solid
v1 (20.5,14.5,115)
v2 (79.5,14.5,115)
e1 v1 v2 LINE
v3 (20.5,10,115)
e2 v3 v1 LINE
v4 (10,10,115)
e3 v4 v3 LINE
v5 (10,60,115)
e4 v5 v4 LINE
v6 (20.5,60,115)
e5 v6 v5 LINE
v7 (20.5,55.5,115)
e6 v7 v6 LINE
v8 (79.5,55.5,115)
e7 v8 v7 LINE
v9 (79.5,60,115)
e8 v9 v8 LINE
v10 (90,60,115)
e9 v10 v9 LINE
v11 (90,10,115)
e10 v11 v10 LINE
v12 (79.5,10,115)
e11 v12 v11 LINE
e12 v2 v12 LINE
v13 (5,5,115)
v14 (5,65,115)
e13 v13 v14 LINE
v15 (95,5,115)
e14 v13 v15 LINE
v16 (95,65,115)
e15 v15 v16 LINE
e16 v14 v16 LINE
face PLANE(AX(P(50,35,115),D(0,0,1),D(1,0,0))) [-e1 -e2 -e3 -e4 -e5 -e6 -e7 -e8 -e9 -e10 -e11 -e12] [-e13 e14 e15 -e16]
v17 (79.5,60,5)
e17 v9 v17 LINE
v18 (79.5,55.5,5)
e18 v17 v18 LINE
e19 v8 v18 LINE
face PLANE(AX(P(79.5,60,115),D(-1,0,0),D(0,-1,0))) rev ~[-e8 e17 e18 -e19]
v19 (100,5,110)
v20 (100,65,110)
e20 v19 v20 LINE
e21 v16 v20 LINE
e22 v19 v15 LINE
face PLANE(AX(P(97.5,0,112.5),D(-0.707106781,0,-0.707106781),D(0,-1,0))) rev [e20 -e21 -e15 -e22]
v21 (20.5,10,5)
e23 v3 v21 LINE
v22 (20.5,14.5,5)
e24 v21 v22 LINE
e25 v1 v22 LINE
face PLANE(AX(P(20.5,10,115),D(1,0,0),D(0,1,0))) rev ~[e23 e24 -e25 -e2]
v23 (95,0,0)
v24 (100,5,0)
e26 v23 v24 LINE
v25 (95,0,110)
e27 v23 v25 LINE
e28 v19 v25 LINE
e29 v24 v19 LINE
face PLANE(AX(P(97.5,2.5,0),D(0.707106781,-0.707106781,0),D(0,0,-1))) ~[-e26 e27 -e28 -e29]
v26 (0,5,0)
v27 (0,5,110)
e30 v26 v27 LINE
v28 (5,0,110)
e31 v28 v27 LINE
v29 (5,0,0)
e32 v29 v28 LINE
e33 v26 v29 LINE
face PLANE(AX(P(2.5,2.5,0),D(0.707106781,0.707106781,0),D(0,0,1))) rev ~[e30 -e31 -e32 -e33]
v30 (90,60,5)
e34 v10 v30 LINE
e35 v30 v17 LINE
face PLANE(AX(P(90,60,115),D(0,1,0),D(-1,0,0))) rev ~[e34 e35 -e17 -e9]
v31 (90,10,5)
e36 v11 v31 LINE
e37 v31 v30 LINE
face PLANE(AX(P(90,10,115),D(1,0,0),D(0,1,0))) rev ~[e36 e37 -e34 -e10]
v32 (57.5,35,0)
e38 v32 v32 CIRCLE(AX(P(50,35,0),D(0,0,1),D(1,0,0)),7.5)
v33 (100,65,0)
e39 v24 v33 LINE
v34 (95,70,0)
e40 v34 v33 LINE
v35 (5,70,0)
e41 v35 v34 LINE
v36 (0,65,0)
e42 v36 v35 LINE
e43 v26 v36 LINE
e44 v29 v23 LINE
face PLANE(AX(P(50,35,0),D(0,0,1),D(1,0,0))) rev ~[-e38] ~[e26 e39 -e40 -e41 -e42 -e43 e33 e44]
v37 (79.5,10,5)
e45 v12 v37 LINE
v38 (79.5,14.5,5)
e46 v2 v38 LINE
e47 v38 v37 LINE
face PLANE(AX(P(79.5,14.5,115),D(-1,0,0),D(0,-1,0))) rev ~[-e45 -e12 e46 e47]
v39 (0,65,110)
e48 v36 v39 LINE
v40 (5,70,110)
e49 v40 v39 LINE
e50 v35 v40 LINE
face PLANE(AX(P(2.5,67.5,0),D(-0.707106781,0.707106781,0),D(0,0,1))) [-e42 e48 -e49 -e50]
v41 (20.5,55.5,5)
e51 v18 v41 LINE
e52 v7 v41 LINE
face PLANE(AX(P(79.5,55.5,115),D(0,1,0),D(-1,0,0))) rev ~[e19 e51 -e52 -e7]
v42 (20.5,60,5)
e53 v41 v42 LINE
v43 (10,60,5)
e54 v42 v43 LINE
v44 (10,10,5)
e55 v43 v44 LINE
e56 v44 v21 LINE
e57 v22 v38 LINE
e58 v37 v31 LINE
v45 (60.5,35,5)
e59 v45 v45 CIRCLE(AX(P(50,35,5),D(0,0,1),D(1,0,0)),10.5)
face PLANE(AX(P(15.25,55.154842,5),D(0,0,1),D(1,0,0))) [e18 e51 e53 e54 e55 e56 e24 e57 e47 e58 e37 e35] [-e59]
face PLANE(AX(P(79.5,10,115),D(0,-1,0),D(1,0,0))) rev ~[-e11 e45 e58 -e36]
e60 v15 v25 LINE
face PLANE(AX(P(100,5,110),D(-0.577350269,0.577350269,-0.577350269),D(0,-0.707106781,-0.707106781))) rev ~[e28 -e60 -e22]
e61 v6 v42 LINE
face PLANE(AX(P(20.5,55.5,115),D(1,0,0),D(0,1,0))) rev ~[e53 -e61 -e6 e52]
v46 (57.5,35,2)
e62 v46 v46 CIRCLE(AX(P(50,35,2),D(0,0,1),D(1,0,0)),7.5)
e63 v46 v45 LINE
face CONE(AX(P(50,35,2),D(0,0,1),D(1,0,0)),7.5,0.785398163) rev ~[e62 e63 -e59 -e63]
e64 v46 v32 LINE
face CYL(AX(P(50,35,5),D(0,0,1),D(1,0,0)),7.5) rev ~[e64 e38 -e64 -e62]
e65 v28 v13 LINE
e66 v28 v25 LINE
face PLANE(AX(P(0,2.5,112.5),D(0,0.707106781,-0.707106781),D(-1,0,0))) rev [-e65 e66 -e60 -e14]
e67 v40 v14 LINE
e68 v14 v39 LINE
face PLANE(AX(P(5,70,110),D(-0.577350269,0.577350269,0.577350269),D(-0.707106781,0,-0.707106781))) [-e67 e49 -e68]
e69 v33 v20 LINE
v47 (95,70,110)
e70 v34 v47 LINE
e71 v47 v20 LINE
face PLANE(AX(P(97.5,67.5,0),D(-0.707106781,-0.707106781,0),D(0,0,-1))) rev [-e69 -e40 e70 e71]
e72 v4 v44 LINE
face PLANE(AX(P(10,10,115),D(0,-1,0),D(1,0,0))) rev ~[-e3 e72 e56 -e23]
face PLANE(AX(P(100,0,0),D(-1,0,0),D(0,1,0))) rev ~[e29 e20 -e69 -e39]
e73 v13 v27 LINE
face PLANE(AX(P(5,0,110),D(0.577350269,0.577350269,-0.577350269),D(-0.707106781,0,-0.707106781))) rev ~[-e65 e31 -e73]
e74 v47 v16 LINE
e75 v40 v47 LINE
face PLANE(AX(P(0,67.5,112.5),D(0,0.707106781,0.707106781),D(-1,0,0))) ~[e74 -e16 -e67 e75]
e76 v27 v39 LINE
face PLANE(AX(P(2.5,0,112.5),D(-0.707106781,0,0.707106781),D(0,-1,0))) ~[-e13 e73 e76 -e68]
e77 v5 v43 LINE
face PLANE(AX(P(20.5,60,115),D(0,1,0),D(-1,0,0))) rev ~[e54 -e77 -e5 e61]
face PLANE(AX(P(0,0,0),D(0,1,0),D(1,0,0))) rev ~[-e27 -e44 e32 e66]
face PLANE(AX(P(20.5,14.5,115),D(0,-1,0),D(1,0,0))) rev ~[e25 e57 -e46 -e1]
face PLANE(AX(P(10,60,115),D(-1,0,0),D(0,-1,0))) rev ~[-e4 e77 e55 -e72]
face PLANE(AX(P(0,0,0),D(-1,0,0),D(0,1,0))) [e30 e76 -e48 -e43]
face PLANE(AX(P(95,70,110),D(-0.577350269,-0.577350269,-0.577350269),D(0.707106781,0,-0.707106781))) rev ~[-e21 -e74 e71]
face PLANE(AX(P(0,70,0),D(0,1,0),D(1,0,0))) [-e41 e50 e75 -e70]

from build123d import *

# Parameters (mm, degrees)
F0_W     = 100
F0_H     = 70
F1_DEPTH = 115
F3_DEPTH = 110
F4_R     = 7.5
F5_DEPTH = 25
F6_SIZE  = 3
F7_SIZE  = 5


with BuildPart() as f1:
    # F0 (on Top) → F1 (new body)
    with BuildSketch(Plane.XY):
        with Locations((50, 35)):
            Rectangle(F0_W, F0_H)
    extrude(amount=F1_DEPTH)

    # F2 (on face) → F3 (cut)
    with BuildSketch(Plane.XY.offset(115)):
        Polygon((20.5, 60), (10, 60), (10, 50.309684), (20.5, 50.309684), (20.5, 55.5), align=None)
        Polygon((90, 60), (79.5, 60), (79.5, 55.5), (79.5, 51), (90, 51), align=None)
        Polygon((20.5, 19), (10, 19), (10, 10), (20.5, 10), (20.5, 14.5), align=None)
        Polygon((90, 10), (90, 19.087384), (79.5, 19.087384), (79.5, 14.5), (79.5, 10), align=None)
        Polygon((20.5, 50.309684), (10, 50.309684), (10, 19), (20.5, 19), (20.5, 14.5), (79.5, 14.5), (79.5, 19.087384), (90, 19.087384), (90, 51), (79.5, 51), (79.5, 55.5), (20.5, 55.5), align=None)
    extrude(amount=-F3_DEPTH, mode=Mode.SUBTRACT)

    # F4 (on face) → F5 (cut)
    with BuildSketch(Plane.XY.offset(5)):
        with Locations((50, 35)):
            Circle(F4_R)
    extrude(amount=-F5_DEPTH, mode=Mode.SUBTRACT)

    # F6
    f6_edges = [f1.edges().sort_by_distance(p)[0] for p in [
        (42.5, 35, 5),
    ]]
    chamfer(f6_edges, length=F6_SIZE)

    # F7
    f7_edges = [f1.edges().sort_by_distance(p)[0] for p in [
        (0, 35, 115),
        (50, 0, 115),
        (100, 35, 115),
        (50, 70, 115),
        (100, 0, 57.5),
        (100, 70, 57.5),
        (0, 70, 57.5),
        (0, 0, 57.5),
    ]]
    chamfer(f7_edges, length=F7_SIZE)


solid = f1.part
